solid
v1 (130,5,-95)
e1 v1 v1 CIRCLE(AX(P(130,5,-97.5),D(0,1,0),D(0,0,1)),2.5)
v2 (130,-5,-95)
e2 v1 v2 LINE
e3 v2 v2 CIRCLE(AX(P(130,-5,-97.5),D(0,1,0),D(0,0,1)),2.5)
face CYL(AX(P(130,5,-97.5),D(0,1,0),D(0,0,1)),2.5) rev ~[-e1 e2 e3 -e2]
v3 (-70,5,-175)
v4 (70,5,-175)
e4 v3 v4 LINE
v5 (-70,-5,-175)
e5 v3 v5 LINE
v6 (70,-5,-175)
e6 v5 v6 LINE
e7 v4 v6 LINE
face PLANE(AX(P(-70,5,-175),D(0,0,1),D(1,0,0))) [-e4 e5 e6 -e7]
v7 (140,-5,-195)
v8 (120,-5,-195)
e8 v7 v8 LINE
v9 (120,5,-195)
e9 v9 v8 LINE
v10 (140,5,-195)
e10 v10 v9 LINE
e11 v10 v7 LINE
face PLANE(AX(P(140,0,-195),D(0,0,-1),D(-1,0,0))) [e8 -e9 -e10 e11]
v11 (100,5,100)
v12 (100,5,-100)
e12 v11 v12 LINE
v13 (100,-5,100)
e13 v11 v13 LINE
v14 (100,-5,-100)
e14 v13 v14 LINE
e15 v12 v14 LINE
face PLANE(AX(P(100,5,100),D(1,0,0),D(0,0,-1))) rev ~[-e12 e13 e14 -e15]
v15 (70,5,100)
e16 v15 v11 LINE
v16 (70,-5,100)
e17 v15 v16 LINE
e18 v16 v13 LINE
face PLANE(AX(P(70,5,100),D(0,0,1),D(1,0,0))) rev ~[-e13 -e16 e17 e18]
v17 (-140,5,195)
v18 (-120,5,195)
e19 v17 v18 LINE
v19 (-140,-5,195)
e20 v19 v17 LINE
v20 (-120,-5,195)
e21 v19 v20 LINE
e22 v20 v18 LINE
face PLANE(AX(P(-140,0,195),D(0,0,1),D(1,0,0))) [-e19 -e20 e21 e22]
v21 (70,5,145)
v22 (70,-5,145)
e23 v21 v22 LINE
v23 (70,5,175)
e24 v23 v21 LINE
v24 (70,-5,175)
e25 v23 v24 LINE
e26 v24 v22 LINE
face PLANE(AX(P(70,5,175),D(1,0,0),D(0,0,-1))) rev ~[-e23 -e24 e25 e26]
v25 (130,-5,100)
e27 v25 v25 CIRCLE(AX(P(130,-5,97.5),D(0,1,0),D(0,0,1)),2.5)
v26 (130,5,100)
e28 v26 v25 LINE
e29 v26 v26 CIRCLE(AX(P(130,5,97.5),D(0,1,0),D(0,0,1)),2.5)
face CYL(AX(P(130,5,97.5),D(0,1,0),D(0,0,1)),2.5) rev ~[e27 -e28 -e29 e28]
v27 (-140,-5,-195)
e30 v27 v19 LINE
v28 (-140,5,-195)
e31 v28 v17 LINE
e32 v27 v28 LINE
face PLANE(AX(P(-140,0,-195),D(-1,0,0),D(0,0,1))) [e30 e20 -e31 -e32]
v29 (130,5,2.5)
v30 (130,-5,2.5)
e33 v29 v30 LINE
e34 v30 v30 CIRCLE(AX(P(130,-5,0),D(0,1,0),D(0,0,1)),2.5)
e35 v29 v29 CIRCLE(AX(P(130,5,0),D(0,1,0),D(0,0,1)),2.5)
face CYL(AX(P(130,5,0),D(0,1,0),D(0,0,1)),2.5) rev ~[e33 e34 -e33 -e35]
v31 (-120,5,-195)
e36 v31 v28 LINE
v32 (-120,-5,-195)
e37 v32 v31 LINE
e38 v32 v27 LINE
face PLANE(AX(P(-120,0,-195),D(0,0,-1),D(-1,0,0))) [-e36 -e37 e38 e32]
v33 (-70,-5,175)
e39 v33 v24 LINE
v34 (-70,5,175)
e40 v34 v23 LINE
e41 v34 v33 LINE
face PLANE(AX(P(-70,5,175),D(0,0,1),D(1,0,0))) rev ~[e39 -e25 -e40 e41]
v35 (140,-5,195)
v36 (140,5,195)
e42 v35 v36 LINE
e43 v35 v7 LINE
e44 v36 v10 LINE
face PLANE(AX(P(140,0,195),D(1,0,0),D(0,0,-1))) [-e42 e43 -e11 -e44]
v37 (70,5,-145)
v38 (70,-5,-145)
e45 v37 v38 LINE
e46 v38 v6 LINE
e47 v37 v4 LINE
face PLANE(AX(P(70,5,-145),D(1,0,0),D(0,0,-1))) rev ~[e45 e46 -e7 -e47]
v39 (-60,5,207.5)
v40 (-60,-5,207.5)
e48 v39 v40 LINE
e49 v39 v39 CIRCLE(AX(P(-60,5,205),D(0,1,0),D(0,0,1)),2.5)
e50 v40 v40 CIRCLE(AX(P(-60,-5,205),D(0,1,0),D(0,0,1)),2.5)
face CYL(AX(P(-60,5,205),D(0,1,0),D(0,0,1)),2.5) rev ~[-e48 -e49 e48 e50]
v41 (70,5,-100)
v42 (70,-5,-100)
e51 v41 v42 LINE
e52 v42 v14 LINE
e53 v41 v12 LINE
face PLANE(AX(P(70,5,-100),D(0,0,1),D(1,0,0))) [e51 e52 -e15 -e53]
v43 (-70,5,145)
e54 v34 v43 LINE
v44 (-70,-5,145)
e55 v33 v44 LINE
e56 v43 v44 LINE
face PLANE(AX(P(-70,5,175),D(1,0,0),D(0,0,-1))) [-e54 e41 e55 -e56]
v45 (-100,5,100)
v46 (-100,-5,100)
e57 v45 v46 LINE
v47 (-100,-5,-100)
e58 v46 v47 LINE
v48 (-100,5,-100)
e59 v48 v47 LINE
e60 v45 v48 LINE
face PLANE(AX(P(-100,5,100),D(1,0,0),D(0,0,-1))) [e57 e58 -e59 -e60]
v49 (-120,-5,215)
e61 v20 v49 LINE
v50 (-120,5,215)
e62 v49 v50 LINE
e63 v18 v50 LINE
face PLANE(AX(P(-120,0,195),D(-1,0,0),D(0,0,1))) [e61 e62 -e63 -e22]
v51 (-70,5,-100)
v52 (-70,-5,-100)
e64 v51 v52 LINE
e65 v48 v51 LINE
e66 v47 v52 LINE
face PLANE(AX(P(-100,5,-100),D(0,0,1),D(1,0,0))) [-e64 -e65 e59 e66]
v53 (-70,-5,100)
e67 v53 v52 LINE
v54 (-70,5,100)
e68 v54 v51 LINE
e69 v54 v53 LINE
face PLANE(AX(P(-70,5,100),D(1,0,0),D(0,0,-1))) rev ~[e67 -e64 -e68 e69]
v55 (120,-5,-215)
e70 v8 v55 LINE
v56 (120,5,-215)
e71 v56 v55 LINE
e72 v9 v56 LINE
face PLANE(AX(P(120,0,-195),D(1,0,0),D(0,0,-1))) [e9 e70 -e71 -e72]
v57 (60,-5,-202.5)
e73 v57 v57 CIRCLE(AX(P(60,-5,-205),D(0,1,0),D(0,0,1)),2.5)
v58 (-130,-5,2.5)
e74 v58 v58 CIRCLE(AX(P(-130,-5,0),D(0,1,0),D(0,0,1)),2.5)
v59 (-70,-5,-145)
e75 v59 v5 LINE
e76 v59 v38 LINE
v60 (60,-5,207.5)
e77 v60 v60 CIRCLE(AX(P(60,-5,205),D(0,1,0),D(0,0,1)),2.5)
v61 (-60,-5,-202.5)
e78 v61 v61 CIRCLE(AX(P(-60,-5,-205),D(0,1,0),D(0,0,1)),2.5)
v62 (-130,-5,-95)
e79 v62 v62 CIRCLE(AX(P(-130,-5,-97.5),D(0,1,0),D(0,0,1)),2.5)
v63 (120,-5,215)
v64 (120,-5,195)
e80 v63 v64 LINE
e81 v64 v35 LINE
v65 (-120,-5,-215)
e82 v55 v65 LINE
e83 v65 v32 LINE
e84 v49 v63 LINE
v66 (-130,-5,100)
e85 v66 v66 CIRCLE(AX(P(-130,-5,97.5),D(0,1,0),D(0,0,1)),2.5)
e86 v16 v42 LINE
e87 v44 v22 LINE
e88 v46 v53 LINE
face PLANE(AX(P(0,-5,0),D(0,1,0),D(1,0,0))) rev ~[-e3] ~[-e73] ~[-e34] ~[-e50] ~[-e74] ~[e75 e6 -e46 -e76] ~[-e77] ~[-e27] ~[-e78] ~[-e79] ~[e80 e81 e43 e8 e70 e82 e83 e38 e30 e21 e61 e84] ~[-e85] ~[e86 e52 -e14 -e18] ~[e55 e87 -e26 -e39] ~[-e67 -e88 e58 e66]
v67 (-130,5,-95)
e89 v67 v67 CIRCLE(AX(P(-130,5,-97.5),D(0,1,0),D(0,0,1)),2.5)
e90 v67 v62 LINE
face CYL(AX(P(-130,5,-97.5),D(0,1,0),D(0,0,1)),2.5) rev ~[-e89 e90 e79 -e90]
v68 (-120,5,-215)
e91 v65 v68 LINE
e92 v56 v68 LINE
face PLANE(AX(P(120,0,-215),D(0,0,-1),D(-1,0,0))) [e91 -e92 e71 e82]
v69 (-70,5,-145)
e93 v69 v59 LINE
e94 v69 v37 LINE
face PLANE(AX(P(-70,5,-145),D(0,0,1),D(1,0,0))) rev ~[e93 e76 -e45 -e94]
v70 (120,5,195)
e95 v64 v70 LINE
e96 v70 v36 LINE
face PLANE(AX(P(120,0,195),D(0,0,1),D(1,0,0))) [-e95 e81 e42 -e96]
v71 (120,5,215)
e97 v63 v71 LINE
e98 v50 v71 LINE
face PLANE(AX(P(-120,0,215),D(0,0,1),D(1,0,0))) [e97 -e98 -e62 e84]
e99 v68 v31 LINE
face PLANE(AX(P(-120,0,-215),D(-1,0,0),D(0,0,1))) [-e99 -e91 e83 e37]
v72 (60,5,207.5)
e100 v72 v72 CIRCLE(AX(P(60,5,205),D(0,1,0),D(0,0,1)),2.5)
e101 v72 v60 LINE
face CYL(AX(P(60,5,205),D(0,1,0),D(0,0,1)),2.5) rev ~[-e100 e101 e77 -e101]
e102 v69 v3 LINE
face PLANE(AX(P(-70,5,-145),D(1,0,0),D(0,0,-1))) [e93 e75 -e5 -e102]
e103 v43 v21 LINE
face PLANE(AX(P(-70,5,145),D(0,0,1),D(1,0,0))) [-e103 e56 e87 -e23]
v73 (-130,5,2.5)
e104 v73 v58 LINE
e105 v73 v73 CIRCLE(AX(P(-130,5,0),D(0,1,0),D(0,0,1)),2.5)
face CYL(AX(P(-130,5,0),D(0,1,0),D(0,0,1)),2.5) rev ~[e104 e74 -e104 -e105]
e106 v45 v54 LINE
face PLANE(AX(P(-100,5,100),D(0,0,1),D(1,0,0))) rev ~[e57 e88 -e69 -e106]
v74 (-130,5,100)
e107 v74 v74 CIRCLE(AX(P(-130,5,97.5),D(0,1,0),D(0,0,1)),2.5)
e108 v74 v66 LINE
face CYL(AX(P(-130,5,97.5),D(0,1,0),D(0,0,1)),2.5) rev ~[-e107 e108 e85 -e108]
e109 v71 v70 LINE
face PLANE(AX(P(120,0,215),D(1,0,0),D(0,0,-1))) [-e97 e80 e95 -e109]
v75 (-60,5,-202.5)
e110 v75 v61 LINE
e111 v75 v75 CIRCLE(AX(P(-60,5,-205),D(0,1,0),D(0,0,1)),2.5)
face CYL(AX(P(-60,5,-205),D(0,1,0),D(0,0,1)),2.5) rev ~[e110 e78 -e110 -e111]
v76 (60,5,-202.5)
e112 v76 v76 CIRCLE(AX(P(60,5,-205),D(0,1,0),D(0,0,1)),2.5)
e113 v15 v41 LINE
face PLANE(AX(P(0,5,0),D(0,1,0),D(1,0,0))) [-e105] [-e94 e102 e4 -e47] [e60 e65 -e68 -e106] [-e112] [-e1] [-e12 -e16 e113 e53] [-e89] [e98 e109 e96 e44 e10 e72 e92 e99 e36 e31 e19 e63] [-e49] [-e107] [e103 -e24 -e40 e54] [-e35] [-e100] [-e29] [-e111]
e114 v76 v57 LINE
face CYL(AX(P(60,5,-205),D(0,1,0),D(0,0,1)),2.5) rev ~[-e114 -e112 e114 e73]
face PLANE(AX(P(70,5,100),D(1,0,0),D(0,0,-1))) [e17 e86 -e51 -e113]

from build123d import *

# Parameters (mm, degrees)
BOSS_EXTRUDE1_DEPTH = 5
SKETCH2_R           = 2.5
SKETCH2_W           = 30
SKETCH2_H           = 200
SKETCH2_W_2         = 140
SKETCH2_H_2         = 30
CUT_EXTRUDE1_DEPTH  = 10


with BuildPart() as part:
    # Sketch1 → Boss-Extrude1 (new, symmetric)
    with BuildSketch(Plane(origin=(0, 0, 0), x_dir=(1, 0, 0), z_dir=(0, 1, 0))):
        Polygon((120, 215), (-120, 215), (-120, 195), (-140, 195), (-140, -195), (-120, -195), (-120, -215), (120, -215), (120, -195), (140, -195), (140, 195), (120, 195), align=None)
    extrude(amount=BOSS_EXTRUDE1_DEPTH, both=True)

    # Sketch2 → Cut-Extrude1 (cut)
    with BuildSketch(Plane(origin=(0, 5, 0), x_dir=(1, 0, 0), z_dir=(0, 1, 0))):
        with Locations(Location((-60, 205, 0), (0, 0, 270))):
            Circle(SKETCH2_R)
        with Locations(Location((60, 205, 0), (0, 0, 270))):
            Circle(SKETCH2_R)
        with Locations(Location((130, 97.5, 0), (0, 0, 270))):
            Circle(SKETCH2_R)
        with Locations(Location((130, -97.5, 0), (0, 0, 270))):
            Circle(SKETCH2_R)
        with Locations(Location((130, 0, 0), (0, 0, 270))):
            Circle(SKETCH2_R)
        with Locations(Location((60, -205, 0), (0, 0, 270))):
            Circle(SKETCH2_R)
        with Locations(Location((-60, -205, 0), (0, 0, 270))):
            Circle(SKETCH2_R)
        with Locations(Location((-130, 97.5, 0), (0, 0, 270))):
            Circle(SKETCH2_R)
        with Locations(Location((-130, 0, 0), (0, 0, 270))):
            Circle(SKETCH2_R)
        with Locations(Location((-130, -97.5, 0), (0, 0, 270))):
            Circle(SKETCH2_R)
        with Locations((85, 0)):
            Rectangle(SKETCH2_W, SKETCH2_H)
        with Locations((-85, 0)):
            Rectangle(SKETCH2_W, SKETCH2_H)
        with Locations((0, 160)):
            Rectangle(SKETCH2_W_2, SKETCH2_H_2)
        with Locations((0, -160)):
            Rectangle(SKETCH2_W_2, SKETCH2_H_2)
    extrude(amount=-CUT_EXTRUDE1_DEPTH, mode=Mode.SUBTRACT)


solid = part.part
